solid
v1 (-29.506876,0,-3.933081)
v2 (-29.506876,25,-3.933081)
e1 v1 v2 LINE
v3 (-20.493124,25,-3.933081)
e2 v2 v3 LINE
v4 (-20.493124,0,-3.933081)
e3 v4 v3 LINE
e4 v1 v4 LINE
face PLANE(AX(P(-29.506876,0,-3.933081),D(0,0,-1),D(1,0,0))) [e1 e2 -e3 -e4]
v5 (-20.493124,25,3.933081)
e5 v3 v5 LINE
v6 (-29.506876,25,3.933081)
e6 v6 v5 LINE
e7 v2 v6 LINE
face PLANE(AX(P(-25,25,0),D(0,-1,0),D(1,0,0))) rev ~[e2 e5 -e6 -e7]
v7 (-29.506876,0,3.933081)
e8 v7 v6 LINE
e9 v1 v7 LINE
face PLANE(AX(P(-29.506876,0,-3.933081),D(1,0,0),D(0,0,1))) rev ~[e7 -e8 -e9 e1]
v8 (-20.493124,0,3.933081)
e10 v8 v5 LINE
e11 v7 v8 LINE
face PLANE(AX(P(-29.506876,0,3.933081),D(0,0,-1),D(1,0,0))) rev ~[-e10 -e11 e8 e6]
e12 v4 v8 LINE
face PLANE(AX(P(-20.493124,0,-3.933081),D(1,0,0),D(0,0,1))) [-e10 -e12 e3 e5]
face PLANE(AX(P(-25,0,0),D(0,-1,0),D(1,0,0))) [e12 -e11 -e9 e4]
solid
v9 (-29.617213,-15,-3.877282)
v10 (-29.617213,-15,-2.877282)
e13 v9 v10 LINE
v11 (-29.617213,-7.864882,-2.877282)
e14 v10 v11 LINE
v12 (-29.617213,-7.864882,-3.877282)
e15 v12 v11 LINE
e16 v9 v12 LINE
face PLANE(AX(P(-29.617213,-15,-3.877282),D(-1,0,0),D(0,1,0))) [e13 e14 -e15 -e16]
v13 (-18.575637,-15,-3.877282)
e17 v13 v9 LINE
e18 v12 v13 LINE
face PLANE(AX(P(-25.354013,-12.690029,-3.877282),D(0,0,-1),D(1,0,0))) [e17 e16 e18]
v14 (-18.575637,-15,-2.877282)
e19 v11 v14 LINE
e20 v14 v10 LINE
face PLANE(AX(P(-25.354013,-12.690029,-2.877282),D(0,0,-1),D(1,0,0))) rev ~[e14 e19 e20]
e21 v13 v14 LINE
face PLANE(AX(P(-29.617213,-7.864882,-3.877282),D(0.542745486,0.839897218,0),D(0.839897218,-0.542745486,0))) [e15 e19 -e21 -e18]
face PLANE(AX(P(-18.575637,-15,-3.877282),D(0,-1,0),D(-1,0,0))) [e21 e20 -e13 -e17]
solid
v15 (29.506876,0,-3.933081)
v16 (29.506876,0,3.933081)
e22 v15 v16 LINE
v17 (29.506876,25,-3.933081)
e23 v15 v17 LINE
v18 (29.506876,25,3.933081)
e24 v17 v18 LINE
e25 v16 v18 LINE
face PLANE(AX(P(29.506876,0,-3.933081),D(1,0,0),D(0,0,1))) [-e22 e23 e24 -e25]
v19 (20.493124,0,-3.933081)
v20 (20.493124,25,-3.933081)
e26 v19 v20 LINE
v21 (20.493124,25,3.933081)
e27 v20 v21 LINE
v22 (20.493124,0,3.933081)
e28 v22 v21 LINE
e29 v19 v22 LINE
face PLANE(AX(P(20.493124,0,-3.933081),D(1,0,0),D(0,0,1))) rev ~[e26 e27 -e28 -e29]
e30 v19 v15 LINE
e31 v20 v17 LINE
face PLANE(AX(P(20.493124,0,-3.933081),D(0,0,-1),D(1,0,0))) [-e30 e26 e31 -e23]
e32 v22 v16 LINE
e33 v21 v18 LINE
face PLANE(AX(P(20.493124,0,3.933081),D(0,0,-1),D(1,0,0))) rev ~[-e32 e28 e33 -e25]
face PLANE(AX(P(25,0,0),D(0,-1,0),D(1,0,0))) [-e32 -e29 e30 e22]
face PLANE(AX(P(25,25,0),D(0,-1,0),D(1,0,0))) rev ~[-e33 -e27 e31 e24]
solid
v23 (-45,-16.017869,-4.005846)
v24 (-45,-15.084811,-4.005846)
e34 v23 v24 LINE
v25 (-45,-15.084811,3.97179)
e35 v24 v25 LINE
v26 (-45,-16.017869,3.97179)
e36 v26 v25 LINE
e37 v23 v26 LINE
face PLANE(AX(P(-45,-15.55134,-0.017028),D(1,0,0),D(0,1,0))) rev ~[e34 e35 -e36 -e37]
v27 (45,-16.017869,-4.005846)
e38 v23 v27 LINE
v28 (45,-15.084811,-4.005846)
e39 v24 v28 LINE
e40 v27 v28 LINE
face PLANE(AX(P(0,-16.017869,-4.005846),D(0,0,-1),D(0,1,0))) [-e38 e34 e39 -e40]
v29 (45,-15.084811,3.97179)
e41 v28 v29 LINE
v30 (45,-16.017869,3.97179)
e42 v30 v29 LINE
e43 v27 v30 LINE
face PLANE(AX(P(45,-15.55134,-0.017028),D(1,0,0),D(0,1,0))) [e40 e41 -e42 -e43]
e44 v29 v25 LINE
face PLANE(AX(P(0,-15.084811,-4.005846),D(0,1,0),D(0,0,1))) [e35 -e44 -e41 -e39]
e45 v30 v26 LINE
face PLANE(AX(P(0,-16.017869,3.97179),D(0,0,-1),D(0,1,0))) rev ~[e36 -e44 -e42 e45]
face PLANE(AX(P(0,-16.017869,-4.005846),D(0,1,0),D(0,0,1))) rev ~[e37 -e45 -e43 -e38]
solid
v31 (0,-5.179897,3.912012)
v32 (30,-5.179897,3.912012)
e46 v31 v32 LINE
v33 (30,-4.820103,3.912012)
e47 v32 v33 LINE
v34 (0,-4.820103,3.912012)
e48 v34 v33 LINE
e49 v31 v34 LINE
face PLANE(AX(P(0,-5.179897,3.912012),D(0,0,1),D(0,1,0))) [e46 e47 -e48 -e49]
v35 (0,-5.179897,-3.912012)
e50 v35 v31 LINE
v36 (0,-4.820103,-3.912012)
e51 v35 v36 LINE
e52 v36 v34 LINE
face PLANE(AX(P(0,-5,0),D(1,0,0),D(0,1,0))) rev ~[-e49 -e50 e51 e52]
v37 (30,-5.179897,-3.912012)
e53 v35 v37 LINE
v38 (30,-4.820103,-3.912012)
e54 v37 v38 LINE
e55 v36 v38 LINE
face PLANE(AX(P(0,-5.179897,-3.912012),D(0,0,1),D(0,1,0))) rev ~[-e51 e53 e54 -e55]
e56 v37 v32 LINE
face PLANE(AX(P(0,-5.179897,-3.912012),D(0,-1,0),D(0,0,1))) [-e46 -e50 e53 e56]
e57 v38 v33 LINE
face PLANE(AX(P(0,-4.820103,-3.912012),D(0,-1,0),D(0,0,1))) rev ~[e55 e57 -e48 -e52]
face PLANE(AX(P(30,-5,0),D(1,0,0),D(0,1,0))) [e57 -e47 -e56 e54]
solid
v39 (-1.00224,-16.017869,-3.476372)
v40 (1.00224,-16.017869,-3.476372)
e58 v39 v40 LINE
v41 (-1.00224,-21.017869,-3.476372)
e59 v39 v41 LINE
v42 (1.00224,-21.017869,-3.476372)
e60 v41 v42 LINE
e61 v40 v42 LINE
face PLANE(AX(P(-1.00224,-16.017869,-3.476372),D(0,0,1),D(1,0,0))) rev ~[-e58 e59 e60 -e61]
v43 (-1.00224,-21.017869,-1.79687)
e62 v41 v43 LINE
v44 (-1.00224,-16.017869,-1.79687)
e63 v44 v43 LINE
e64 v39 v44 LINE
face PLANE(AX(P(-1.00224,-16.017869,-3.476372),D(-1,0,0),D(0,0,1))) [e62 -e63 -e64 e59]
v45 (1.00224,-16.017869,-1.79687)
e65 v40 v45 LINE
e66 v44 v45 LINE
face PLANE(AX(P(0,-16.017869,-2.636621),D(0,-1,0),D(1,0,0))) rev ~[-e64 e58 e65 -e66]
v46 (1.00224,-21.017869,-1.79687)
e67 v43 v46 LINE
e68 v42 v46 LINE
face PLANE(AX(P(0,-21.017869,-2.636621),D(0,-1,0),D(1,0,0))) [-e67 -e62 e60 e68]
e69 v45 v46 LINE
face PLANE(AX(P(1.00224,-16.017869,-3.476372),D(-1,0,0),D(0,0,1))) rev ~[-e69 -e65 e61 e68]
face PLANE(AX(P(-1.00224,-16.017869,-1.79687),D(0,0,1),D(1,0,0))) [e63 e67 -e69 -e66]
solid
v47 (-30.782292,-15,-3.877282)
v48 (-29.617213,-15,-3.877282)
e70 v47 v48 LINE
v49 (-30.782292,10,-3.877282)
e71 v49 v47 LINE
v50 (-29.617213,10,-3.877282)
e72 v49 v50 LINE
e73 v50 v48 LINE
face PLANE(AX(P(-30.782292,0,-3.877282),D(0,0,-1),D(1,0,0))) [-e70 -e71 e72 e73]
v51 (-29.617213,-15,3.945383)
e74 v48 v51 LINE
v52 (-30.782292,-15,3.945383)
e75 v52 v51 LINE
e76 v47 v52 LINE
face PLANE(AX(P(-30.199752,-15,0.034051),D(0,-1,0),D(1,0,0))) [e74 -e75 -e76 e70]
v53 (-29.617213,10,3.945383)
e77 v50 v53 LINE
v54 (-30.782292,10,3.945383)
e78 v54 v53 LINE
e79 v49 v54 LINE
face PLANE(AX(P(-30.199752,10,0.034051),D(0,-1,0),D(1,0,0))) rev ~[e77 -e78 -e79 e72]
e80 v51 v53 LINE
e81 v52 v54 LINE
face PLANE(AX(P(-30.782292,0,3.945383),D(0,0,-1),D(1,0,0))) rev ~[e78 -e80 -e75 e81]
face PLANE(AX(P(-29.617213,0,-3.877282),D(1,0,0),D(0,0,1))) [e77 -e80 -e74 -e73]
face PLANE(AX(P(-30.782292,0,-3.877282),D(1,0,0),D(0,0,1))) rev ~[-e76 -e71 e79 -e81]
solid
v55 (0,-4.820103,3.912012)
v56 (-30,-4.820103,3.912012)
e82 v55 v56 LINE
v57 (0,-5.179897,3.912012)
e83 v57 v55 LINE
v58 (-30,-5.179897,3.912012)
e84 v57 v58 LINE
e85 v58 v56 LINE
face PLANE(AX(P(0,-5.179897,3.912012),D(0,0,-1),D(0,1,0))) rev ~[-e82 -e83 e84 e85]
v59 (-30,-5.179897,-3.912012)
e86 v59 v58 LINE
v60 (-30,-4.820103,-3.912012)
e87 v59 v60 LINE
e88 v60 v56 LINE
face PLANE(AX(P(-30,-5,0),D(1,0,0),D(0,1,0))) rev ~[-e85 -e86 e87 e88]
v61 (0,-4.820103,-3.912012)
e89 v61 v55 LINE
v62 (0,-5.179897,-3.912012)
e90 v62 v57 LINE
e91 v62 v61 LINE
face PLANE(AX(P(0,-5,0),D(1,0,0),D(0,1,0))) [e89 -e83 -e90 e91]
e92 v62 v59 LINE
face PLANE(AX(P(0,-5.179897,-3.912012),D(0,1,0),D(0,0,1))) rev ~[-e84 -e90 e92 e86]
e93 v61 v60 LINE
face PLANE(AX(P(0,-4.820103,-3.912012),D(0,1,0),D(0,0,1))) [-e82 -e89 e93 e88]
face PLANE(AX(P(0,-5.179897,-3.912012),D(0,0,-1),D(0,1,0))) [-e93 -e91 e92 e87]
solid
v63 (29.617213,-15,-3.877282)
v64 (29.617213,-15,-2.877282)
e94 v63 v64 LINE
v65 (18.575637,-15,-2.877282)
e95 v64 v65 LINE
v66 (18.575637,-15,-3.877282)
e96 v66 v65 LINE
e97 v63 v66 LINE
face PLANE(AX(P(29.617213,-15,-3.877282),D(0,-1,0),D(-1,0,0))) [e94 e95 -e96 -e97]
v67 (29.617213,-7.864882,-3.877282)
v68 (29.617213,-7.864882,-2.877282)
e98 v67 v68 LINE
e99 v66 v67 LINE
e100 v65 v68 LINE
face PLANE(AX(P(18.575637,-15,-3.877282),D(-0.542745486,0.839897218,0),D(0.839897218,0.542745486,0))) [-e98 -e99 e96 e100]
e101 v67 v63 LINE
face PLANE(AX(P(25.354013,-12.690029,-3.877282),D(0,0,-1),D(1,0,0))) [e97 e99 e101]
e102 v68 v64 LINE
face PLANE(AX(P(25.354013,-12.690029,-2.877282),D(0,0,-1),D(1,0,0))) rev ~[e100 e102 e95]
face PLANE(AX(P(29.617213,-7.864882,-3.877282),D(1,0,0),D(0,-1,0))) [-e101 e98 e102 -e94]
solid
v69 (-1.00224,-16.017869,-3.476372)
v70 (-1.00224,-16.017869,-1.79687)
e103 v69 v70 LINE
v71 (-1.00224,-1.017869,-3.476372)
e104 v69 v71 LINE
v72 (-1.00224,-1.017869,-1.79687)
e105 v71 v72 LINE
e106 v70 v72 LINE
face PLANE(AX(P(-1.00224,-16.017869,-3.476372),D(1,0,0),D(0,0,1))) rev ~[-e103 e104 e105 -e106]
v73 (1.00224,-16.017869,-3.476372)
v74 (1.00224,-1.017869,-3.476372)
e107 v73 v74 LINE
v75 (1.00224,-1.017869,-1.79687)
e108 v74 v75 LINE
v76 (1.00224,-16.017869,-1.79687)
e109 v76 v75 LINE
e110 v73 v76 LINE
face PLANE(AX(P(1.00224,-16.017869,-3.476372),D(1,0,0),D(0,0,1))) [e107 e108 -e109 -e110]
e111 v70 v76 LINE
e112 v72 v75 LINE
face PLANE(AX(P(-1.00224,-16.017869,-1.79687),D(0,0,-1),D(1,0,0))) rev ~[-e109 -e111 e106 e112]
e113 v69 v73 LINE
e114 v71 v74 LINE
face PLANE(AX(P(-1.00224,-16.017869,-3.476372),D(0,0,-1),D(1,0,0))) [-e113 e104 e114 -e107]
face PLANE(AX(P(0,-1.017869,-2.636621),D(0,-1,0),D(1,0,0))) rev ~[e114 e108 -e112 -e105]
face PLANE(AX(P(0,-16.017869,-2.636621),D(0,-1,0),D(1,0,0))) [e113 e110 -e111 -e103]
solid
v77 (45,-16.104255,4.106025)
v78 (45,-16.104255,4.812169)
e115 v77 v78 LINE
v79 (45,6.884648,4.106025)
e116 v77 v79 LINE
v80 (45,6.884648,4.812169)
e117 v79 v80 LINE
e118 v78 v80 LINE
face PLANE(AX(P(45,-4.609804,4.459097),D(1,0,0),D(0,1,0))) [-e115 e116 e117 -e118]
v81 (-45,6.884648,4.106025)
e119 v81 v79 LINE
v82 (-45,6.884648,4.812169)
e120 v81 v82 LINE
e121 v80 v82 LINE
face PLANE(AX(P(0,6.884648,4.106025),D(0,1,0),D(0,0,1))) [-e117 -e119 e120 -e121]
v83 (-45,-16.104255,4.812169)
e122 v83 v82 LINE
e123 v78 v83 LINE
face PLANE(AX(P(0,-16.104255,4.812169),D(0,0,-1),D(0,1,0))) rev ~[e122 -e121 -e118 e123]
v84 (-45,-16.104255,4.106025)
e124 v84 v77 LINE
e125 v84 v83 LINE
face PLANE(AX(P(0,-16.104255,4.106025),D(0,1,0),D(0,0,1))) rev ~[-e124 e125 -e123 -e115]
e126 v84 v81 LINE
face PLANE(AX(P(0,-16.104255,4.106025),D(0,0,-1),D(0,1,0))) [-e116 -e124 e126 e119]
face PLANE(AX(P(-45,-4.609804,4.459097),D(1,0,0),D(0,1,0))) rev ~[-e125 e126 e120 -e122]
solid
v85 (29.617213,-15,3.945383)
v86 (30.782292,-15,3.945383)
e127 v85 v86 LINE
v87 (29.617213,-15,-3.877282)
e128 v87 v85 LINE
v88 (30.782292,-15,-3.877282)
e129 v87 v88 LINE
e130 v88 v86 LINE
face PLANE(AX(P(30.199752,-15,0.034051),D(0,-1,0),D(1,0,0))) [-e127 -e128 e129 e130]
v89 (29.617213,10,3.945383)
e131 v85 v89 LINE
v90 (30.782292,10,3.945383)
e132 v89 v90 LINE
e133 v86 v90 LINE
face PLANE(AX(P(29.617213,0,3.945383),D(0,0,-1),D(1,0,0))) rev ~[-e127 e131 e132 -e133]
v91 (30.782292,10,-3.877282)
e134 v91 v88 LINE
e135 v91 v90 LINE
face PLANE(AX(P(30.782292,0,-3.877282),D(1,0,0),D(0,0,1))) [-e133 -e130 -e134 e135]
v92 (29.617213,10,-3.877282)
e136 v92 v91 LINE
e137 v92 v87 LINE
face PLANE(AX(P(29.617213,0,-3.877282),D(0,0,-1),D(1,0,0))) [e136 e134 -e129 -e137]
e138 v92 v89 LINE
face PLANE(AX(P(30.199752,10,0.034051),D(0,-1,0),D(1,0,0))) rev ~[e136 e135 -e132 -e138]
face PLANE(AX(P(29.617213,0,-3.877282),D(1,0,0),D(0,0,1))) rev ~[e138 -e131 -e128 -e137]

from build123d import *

# Parameters (mm, degrees)
F0_W      = 9.013751108
F0_H      = 7.866161422
F1_DEPTH  = 25
F2_W      = 1.1650789529
F2_H      = 7.8226653859
F3_DEPTH  = 15
F4_DEPTH  = 10
F5_DEPTH  = 10
F6_W      = 0.9330576286
F6_H      = 7.977636531
F7_DEPTH  = 45
F8_DEPTH  = 45
F9_W      = 22.9889024049
F9_H      = 0.7061436772
F10_DEPTH = 45
F11_DEPTH = 45
F13_DEPTH = 1
F14_W     = 0.3597940085
F14_H     = 7.8240241855
F15_DEPTH = 30
F16_DEPTH = 30
F18_W     = 2.0044790581
F18_H     = 1.6795026604
F19_DEPTH = 15
F20_DEPTH = 5


with BuildPart() as f1:
    # F0 (on Front) → F1 (new body)
    with BuildSketch(Plane.XZ):
        with Locations((-25, 0)):
            Rectangle(F0_W, F0_H)
    extrude(amount=-F1_DEPTH)


with BuildPart() as f1b:
    # F0 (on Front) → F1, piece 2 (new body)
    with BuildSketch(Plane.XZ):
        with Locations((25, 0)):
            Rectangle(F0_W, F0_H)
    extrude(amount=-F1_DEPTH)


with BuildPart() as f3:
    # F2 (on Front) → F3 (new body)
    with BuildSketch(Plane.XZ):
        with Locations((-30.1997521892, 0.0340505503)):
            Rectangle(F2_W, F2_H)
    extrude(amount=F3_DEPTH)

    # F4 (add): a face of the model
    f4_faces = [f3.faces().sort_by_distance(p)[0] for p in [
        (-30.1997521892, 0, 0.0340505503),
    ]]
    extrude(f4_faces, amount=F4_DEPTH)


with BuildPart() as f3b:
    # F2 (on Front) → F3, piece 2 (new body)
    with BuildSketch(Plane.XZ):
        with Locations((30.1997521892, 0.0340505503)):
            Rectangle(F2_W, F2_H)
    extrude(amount=F3_DEPTH)

    # F5 (add): a face of the model
    f5_faces = [f3b.faces().sort_by_distance(p)[0] for p in [
        (30.1997521892, 0, 0.0340505503),
    ]]
    extrude(f5_faces, amount=F5_DEPTH)


with BuildPart() as f7:
    # F6 (on Right) → F7 (new body)
    with BuildSketch(Plane.YZ):
        with Locations((-15.5513403006, -0.0170278363)):
            Rectangle(F6_W, F6_H)
    extrude(amount=F7_DEPTH)

    # F8 (add): a face of the model
    f8_faces = [f7.faces().sort_by_distance(p)[0] for p in [
        (0, -15.5513403006, -0.0170278363),
    ]]
    extrude(f8_faces, amount=F8_DEPTH)


with BuildPart() as f10:
    # F9 (on Right) → F10 (new body)
    with BuildSketch(Plane.YZ):
        with Locations((-4.6098036692, 4.4590970501)):
            Rectangle(F9_W, F9_H)
    extrude(amount=F10_DEPTH)

    # F11 (add): a face of the model
    f11_faces = [f10.faces().sort_by_distance(p)[0] for p in [
        (0, -4.6098036692, 4.4590970501),
    ]]
    extrude(f11_faces, amount=F11_DEPTH)


with BuildPart() as f13:
    # F12 (on face) → F13 (new body)
    with BuildSketch(Plane(origin=(0, 0, -3.8772821426), x_dir=(1, 0, 0), z_dir=(0, 0, -1))):
        Polygon((-18.57563667, 15), (-29.6172127128, 15), (-29.6172127128, 7.8648822382), align=None)
    extrude(amount=-F13_DEPTH)


with BuildPart() as f13b:
    # F12 (on face) → F13, piece 2 (new body)
    with BuildSketch(Plane(origin=(0, 0, -3.8772821426), x_dir=(1, 0, 0), z_dir=(0, 0, -1))):
        Polygon((18.57563667, 15), (29.6172127128, 7.8648822382), (29.6172127128, 15), align=None)
    extrude(amount=-F13_DEPTH)


with BuildPart() as f15:
    # F14 (on Right) → F15 (new body)
    with BuildSketch(Plane.YZ):
        Rectangle(F14_W, F14_H)
    extrude(amount=F15_DEPTH)


with BuildPart() as f16:
    # F16 (new): a face of the model
    f16_faces = [f15.part.faces().sort_by_distance(p)[0] for p in [
        (0, 0, 0),
    ]]
    extrude(f16_faces, amount=F16_DEPTH)


with BuildPart() as f16_1:
    # F17: moved
    add(f16.part.moved(Location((0, -5, 0))))


with BuildPart() as f15_1:
    # F17: moved
    add(f15.part.moved(Location((0, -5, 0))))


with BuildPart() as f19:
    # F18 (on face) → F19 (new body)
    with BuildSketch(Plane.XZ.offset(16.0178691149)):
        with Locations((0, -2.6366210077)):
            Rectangle(F18_W, F18_H)
    extrude(amount=-F19_DEPTH)


with BuildPart() as f20:
    # F20 (new): a face of the model
    f20_faces = [f19.part.faces().sort_by_distance(p)[0] for p in [
        (0, -16.0178691149, -2.6366210077),
    ]]
    extrude(f20_faces, amount=F20_DEPTH)


solid = Compound([f1.part, f1b.part, f3.part, f3b.part, f7.part, f10.part, f13.part, f13b.part, f16_1.part, f15_1.part, f19.part, f20.part])
